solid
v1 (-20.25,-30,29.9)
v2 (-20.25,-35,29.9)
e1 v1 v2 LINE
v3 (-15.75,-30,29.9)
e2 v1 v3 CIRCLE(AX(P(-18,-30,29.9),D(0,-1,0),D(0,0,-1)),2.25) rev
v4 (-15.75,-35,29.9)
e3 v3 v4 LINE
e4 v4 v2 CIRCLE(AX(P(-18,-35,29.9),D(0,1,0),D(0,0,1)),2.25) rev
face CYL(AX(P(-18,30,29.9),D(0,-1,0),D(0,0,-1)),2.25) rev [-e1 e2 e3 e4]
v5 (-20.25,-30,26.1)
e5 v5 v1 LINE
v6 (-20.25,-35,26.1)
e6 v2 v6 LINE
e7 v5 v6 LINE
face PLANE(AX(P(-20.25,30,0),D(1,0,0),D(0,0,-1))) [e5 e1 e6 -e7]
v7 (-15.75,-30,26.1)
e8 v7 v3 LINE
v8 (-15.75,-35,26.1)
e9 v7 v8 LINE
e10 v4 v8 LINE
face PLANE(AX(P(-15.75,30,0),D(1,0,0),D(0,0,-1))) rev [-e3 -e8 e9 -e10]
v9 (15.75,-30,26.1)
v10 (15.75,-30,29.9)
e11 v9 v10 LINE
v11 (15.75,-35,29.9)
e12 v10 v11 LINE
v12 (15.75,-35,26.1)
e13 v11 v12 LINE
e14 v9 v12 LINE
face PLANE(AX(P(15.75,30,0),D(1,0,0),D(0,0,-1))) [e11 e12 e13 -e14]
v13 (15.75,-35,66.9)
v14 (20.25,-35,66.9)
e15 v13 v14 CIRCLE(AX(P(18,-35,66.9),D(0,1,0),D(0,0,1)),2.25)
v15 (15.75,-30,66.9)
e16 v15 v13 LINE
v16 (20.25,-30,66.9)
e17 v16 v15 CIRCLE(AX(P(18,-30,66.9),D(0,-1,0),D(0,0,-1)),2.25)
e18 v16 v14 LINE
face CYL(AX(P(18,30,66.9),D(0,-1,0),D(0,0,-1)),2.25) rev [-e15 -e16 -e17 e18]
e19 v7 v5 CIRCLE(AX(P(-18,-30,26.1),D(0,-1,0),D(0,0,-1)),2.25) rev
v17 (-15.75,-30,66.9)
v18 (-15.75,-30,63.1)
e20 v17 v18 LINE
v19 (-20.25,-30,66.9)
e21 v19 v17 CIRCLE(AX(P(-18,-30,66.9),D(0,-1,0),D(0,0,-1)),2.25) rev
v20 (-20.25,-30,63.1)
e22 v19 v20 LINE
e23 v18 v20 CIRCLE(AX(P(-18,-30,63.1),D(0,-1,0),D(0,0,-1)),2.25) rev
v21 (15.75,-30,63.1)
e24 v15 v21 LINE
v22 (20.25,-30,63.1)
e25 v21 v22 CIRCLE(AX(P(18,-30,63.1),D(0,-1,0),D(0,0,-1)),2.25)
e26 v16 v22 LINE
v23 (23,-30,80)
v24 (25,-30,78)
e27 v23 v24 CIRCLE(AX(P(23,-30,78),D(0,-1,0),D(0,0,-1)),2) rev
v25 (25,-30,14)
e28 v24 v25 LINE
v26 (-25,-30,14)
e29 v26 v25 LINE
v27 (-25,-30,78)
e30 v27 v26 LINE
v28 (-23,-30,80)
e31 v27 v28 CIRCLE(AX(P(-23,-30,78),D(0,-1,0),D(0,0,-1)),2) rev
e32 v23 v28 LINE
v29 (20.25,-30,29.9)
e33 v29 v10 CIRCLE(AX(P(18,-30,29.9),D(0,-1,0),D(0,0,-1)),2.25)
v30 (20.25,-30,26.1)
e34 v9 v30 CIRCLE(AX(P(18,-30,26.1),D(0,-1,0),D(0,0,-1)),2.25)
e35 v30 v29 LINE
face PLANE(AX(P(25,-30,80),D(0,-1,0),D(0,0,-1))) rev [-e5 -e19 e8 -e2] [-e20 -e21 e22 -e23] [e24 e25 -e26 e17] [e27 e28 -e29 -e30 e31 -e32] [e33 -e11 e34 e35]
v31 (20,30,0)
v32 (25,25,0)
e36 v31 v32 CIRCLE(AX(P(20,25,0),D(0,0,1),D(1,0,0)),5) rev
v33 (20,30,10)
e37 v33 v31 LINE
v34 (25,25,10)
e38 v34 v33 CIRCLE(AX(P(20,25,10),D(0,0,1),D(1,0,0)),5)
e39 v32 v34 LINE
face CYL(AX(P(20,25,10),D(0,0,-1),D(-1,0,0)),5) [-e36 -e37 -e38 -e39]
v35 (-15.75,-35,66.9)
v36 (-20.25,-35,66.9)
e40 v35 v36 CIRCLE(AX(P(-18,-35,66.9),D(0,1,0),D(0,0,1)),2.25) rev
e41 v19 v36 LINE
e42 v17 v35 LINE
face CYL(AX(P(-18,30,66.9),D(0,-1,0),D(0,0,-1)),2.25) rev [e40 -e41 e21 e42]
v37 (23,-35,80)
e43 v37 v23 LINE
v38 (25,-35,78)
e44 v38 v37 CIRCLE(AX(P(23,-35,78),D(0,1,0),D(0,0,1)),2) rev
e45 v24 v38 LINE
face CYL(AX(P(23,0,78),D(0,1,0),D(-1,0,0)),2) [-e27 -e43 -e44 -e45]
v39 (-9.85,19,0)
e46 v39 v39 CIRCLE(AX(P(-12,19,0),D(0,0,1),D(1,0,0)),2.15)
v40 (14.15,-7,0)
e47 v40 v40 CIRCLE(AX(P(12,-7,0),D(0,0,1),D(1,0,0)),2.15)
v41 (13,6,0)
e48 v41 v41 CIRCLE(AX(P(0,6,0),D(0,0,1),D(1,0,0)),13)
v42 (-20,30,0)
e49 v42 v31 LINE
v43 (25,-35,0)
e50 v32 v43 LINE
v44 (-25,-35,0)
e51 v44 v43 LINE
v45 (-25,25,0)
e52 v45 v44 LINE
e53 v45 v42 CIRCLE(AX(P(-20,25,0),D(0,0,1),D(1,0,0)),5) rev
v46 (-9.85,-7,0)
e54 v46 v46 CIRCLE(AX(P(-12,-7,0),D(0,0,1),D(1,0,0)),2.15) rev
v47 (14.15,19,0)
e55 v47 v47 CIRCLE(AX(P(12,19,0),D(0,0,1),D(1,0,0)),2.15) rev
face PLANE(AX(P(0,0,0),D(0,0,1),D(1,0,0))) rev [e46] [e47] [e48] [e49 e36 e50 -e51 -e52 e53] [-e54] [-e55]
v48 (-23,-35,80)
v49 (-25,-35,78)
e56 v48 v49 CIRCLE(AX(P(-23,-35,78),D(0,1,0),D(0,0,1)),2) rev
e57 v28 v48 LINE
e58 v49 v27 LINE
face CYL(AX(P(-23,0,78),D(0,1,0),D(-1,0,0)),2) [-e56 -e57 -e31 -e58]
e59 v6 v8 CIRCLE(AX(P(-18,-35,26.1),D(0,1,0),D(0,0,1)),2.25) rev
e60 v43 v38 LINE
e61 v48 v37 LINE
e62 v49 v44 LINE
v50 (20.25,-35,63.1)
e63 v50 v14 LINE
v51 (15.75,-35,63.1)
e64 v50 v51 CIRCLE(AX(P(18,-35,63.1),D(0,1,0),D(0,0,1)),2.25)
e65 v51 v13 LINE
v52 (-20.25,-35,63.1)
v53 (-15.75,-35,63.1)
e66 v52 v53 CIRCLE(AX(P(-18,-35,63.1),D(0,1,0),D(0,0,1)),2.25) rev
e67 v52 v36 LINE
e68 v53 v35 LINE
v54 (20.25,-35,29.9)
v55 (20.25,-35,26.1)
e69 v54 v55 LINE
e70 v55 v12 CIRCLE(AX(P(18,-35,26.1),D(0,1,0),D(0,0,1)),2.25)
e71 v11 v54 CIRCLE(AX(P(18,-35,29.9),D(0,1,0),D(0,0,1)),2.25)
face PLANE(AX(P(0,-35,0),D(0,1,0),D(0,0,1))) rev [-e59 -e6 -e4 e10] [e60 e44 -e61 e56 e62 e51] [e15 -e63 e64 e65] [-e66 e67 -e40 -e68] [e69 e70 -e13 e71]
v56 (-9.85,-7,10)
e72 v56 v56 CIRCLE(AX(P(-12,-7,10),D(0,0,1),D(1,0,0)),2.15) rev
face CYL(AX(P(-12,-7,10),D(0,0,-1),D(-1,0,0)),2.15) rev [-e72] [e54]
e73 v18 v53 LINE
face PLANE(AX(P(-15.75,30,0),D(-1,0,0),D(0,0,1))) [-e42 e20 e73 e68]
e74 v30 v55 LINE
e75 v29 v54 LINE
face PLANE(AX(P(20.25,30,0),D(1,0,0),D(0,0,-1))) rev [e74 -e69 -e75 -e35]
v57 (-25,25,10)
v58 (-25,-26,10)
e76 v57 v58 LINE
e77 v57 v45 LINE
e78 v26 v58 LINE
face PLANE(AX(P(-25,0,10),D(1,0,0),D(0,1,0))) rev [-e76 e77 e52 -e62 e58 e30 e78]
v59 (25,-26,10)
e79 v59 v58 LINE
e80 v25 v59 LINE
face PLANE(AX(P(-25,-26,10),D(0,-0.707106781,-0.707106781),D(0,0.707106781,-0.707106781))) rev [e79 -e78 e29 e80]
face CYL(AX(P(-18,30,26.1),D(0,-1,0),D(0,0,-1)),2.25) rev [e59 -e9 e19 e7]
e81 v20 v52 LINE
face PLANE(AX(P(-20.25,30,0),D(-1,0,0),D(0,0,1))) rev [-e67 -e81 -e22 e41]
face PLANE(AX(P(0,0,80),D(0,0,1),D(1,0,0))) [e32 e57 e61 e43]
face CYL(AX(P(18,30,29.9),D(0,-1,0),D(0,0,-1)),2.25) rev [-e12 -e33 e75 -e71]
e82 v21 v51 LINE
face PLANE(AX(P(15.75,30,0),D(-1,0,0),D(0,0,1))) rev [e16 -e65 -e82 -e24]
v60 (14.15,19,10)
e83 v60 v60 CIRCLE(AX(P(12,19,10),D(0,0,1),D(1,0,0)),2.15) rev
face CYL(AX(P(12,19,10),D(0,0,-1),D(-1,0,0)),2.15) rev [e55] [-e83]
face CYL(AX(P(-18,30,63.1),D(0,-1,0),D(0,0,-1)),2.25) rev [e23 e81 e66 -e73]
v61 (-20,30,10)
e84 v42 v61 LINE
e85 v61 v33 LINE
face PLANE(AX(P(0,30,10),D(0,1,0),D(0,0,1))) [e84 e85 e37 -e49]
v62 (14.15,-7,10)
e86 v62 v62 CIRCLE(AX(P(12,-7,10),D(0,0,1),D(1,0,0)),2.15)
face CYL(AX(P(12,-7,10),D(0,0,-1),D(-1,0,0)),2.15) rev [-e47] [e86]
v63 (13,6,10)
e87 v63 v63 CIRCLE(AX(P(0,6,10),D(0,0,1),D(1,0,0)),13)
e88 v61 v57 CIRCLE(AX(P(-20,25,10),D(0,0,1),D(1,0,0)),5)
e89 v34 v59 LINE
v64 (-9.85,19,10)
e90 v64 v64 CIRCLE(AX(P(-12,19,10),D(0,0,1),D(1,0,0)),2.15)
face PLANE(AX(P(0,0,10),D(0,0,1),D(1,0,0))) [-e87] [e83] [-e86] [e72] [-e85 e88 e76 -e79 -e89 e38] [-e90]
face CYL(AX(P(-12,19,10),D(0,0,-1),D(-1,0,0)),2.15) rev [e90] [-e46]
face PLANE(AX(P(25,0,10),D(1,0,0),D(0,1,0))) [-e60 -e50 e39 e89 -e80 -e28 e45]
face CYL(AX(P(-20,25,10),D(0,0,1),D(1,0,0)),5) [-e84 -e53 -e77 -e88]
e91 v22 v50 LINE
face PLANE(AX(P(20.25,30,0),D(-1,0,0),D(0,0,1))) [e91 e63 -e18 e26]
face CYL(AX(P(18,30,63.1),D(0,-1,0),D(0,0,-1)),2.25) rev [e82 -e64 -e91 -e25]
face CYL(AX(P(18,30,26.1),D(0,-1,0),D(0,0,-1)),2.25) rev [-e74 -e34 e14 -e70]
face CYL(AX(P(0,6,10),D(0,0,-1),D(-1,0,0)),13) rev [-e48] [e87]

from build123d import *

# Parameters (mm, degrees)
SKETCH_1_R               = 2.15
EXTRUDE_1_DEPTH          = 10
SKETCH_2_W               = 50
SKETCH_2_H               = 10
EXTRUDE_2_DEPTH          = 5
SKETCH_3_W               = 50
SKETCH_3_H               = 5
EXTRUDE_3_DEPTH          = 70
CUT_EXTRUDE_1_DEPTH      = 104.07764064
CUT_EXTRUDE_1_DEPTH_BACK = 20
FILLET_1_R               = 5
FILLET_2_R               = 2
SKETCH_9_W               = 4
SKETCH_9_H               = 4
EXTRUDE_4_DEPTH          = 4
SKETCH_13_W              = 4
SKETCH_13_H              = 4
EXTRUDE_6_DEPTH          = 46
CUT_EXTRUDE_2_DEPTH      = 101.623058987


with BuildPart() as part:
    # 草图1 → 凸台-拉伸1 (new body)
    # profile 1 of 3: a face of its own
    with BuildSketch(Plane.XY):
        with BuildLine():
            Line((13, 6), (25, 6))
            Line((25, 6), (25, 30))
            Line((25, 30), (0, 30))
            Line((0, 30), (0, 19))
            ThreePointArc((0, 19), (9.192388155, 15.192388155), (13, 6))
        make_face()
        with Locations((12, 19)):
            Circle(SKETCH_1_R, mode=Mode.SUBTRACT)
    # profile 2 of 3: a face of its own
    with BuildSketch(Plane.XY):
        with BuildLine():
            Line((-25, 19), (-25, 6))
            Line((-25, 6), (-13, 6))
            ThreePointArc((-13, 6), (-9.192388155, 15.192388155), (0, 19))
            Line((0, 19), (0, 30))
            Line((0, 30), (-25, 30))
            Line((-25, 30), (-25, 19))
        make_face()
        with Locations((-12, 19)):
            Circle(SKETCH_1_R, mode=Mode.SUBTRACT)
    # profile 3 of 3: a face of its own
    with BuildSketch(Plane.XY):
        with BuildLine():
            Line((-25, -30), (25, -30))
            Line((25, -30), (25, -27))
            Line((25, -27), (25, -7))
            Line((25, -7), (25, 6))
            Line((25, 6), (13, 6))
            ThreePointArc((13, 6), (0, -7), (-13, 6))
            Line((-13, 6), (-25, 6))
            Line((-25, 6), (-25, -30))
        make_face()
        with Locations((-12, -7)):
            Circle(SKETCH_1_R, mode=Mode.SUBTRACT)
        with Locations((12, -7)):
            Circle(SKETCH_1_R, mode=Mode.SUBTRACT)
    extrude(amount=EXTRUDE_1_DEPTH)

    # 草图2 → 凸台-拉伸2 (add)
    with BuildSketch(Plane.XZ.offset(30)):
        with Locations((0, 5)):
            Rectangle(SKETCH_2_W, SKETCH_2_H)
    extrude(amount=EXTRUDE_2_DEPTH)

    # 草图3 → 凸台-拉伸3 (add)
    with BuildSketch(Plane.XY.offset(10)):
        with Locations((0, -32.5)):
            Rectangle(SKETCH_3_W, SKETCH_3_H)
    extrude(amount=EXTRUDE_3_DEPTH)

    # 草图8 → 切除-拉伸1 (cut, two sides: drawn at the far end of the back side and taken through both)
    with BuildSketch(Plane(origin=(0, -30, 0), x_dir=(1, 0, 0), z_dir=(0, 1, 0)).offset(-CUT_EXTRUDE_1_DEPTH_BACK)):
        with BuildLine():
            Line((-20.25, -66.9), (-20.25, -63.1))
            ThreePointArc((-20.25, -63.1), (-18, -60.85), (-15.75, -63.1))
            Line((-15.75, -63.1), (-15.75, -66.9))
            ThreePointArc((-15.75, -66.9), (-18, -69.15), (-20.25, -66.9))
        make_face()
        with BuildLine():
            Line((-15.75, -26.1), (-15.75, -29.9))
            ThreePointArc((-15.75, -29.9), (-18, -32.15), (-20.25, -29.9))
            Line((-20.25, -29.9), (-20.25, -26.1))
            ThreePointArc((-20.25, -26.1), (-18, -23.85), (-15.75, -26.1))
        make_face()
        with BuildLine():
            Line((20.25, -66.9), (20.25, -63.1))
            ThreePointArc((20.25, -63.1), (18, -60.85), (15.75, -63.1))
            Line((15.75, -63.1), (15.75, -66.9))
            ThreePointArc((15.75, -66.9), (18, -69.15), (20.25, -66.9))
        make_face()
        with BuildLine():
            Line((15.75, -26.1), (15.75, -29.9))
            ThreePointArc((15.75, -29.9), (18, -32.15), (20.25, -29.9))
            Line((20.25, -29.9), (20.25, -26.1))
            ThreePointArc((20.25, -26.1), (18, -23.85), (15.75, -26.1))
        make_face()
    extrude(amount=CUT_EXTRUDE_1_DEPTH + CUT_EXTRUDE_1_DEPTH_BACK, mode=Mode.SUBTRACT)

    # 圆角1
    fillet_1_edges = [part.edges().sort_by_distance(p)[0] for p in [
        (-25, 30, 5),
        (25, 30, 5),
    ]]
    fillet(fillet_1_edges, radius=FILLET_1_R)

    # 圆角2
    fillet_2_edges = [part.edges().sort_by_distance(p)[0] for p in [
        (25, -32.5, 80),
        (-25, -32.5, 80),
    ]]
    fillet(fillet_2_edges, radius=FILLET_2_R)

    # 草图9 → 凸台-拉伸4 (add)
    with BuildSketch(Plane(origin=(0, -30, 0), x_dir=(1, 0, 0), z_dir=(0, 1, 0))):
        with Locations((23, -12)):
            Rectangle(SKETCH_9_W, SKETCH_9_H)
    extrude(amount=EXTRUDE_4_DEPTH)

    # 草图13 → 凸台-拉伸6 (add)
    with BuildSketch(Plane.ZY.offset(-21)):
        with Locations((12, -28)):
            Rectangle(SKETCH_13_W, SKETCH_13_H)
    extrude(amount=EXTRUDE_6_DEPTH)

    # 草图14 → 切除-拉伸2 (cut, through all)
    with BuildSketch(Plane(origin=(25, 0, 0), x_dir=(0, 0, -1), z_dir=(1, 0, 0))):
        Polygon((-10, -26), (-14, -30), (-14, -26), align=None)
    extrude(amount=-CUT_EXTRUDE_2_DEPTH, mode=Mode.SUBTRACT)


solid = part.part
